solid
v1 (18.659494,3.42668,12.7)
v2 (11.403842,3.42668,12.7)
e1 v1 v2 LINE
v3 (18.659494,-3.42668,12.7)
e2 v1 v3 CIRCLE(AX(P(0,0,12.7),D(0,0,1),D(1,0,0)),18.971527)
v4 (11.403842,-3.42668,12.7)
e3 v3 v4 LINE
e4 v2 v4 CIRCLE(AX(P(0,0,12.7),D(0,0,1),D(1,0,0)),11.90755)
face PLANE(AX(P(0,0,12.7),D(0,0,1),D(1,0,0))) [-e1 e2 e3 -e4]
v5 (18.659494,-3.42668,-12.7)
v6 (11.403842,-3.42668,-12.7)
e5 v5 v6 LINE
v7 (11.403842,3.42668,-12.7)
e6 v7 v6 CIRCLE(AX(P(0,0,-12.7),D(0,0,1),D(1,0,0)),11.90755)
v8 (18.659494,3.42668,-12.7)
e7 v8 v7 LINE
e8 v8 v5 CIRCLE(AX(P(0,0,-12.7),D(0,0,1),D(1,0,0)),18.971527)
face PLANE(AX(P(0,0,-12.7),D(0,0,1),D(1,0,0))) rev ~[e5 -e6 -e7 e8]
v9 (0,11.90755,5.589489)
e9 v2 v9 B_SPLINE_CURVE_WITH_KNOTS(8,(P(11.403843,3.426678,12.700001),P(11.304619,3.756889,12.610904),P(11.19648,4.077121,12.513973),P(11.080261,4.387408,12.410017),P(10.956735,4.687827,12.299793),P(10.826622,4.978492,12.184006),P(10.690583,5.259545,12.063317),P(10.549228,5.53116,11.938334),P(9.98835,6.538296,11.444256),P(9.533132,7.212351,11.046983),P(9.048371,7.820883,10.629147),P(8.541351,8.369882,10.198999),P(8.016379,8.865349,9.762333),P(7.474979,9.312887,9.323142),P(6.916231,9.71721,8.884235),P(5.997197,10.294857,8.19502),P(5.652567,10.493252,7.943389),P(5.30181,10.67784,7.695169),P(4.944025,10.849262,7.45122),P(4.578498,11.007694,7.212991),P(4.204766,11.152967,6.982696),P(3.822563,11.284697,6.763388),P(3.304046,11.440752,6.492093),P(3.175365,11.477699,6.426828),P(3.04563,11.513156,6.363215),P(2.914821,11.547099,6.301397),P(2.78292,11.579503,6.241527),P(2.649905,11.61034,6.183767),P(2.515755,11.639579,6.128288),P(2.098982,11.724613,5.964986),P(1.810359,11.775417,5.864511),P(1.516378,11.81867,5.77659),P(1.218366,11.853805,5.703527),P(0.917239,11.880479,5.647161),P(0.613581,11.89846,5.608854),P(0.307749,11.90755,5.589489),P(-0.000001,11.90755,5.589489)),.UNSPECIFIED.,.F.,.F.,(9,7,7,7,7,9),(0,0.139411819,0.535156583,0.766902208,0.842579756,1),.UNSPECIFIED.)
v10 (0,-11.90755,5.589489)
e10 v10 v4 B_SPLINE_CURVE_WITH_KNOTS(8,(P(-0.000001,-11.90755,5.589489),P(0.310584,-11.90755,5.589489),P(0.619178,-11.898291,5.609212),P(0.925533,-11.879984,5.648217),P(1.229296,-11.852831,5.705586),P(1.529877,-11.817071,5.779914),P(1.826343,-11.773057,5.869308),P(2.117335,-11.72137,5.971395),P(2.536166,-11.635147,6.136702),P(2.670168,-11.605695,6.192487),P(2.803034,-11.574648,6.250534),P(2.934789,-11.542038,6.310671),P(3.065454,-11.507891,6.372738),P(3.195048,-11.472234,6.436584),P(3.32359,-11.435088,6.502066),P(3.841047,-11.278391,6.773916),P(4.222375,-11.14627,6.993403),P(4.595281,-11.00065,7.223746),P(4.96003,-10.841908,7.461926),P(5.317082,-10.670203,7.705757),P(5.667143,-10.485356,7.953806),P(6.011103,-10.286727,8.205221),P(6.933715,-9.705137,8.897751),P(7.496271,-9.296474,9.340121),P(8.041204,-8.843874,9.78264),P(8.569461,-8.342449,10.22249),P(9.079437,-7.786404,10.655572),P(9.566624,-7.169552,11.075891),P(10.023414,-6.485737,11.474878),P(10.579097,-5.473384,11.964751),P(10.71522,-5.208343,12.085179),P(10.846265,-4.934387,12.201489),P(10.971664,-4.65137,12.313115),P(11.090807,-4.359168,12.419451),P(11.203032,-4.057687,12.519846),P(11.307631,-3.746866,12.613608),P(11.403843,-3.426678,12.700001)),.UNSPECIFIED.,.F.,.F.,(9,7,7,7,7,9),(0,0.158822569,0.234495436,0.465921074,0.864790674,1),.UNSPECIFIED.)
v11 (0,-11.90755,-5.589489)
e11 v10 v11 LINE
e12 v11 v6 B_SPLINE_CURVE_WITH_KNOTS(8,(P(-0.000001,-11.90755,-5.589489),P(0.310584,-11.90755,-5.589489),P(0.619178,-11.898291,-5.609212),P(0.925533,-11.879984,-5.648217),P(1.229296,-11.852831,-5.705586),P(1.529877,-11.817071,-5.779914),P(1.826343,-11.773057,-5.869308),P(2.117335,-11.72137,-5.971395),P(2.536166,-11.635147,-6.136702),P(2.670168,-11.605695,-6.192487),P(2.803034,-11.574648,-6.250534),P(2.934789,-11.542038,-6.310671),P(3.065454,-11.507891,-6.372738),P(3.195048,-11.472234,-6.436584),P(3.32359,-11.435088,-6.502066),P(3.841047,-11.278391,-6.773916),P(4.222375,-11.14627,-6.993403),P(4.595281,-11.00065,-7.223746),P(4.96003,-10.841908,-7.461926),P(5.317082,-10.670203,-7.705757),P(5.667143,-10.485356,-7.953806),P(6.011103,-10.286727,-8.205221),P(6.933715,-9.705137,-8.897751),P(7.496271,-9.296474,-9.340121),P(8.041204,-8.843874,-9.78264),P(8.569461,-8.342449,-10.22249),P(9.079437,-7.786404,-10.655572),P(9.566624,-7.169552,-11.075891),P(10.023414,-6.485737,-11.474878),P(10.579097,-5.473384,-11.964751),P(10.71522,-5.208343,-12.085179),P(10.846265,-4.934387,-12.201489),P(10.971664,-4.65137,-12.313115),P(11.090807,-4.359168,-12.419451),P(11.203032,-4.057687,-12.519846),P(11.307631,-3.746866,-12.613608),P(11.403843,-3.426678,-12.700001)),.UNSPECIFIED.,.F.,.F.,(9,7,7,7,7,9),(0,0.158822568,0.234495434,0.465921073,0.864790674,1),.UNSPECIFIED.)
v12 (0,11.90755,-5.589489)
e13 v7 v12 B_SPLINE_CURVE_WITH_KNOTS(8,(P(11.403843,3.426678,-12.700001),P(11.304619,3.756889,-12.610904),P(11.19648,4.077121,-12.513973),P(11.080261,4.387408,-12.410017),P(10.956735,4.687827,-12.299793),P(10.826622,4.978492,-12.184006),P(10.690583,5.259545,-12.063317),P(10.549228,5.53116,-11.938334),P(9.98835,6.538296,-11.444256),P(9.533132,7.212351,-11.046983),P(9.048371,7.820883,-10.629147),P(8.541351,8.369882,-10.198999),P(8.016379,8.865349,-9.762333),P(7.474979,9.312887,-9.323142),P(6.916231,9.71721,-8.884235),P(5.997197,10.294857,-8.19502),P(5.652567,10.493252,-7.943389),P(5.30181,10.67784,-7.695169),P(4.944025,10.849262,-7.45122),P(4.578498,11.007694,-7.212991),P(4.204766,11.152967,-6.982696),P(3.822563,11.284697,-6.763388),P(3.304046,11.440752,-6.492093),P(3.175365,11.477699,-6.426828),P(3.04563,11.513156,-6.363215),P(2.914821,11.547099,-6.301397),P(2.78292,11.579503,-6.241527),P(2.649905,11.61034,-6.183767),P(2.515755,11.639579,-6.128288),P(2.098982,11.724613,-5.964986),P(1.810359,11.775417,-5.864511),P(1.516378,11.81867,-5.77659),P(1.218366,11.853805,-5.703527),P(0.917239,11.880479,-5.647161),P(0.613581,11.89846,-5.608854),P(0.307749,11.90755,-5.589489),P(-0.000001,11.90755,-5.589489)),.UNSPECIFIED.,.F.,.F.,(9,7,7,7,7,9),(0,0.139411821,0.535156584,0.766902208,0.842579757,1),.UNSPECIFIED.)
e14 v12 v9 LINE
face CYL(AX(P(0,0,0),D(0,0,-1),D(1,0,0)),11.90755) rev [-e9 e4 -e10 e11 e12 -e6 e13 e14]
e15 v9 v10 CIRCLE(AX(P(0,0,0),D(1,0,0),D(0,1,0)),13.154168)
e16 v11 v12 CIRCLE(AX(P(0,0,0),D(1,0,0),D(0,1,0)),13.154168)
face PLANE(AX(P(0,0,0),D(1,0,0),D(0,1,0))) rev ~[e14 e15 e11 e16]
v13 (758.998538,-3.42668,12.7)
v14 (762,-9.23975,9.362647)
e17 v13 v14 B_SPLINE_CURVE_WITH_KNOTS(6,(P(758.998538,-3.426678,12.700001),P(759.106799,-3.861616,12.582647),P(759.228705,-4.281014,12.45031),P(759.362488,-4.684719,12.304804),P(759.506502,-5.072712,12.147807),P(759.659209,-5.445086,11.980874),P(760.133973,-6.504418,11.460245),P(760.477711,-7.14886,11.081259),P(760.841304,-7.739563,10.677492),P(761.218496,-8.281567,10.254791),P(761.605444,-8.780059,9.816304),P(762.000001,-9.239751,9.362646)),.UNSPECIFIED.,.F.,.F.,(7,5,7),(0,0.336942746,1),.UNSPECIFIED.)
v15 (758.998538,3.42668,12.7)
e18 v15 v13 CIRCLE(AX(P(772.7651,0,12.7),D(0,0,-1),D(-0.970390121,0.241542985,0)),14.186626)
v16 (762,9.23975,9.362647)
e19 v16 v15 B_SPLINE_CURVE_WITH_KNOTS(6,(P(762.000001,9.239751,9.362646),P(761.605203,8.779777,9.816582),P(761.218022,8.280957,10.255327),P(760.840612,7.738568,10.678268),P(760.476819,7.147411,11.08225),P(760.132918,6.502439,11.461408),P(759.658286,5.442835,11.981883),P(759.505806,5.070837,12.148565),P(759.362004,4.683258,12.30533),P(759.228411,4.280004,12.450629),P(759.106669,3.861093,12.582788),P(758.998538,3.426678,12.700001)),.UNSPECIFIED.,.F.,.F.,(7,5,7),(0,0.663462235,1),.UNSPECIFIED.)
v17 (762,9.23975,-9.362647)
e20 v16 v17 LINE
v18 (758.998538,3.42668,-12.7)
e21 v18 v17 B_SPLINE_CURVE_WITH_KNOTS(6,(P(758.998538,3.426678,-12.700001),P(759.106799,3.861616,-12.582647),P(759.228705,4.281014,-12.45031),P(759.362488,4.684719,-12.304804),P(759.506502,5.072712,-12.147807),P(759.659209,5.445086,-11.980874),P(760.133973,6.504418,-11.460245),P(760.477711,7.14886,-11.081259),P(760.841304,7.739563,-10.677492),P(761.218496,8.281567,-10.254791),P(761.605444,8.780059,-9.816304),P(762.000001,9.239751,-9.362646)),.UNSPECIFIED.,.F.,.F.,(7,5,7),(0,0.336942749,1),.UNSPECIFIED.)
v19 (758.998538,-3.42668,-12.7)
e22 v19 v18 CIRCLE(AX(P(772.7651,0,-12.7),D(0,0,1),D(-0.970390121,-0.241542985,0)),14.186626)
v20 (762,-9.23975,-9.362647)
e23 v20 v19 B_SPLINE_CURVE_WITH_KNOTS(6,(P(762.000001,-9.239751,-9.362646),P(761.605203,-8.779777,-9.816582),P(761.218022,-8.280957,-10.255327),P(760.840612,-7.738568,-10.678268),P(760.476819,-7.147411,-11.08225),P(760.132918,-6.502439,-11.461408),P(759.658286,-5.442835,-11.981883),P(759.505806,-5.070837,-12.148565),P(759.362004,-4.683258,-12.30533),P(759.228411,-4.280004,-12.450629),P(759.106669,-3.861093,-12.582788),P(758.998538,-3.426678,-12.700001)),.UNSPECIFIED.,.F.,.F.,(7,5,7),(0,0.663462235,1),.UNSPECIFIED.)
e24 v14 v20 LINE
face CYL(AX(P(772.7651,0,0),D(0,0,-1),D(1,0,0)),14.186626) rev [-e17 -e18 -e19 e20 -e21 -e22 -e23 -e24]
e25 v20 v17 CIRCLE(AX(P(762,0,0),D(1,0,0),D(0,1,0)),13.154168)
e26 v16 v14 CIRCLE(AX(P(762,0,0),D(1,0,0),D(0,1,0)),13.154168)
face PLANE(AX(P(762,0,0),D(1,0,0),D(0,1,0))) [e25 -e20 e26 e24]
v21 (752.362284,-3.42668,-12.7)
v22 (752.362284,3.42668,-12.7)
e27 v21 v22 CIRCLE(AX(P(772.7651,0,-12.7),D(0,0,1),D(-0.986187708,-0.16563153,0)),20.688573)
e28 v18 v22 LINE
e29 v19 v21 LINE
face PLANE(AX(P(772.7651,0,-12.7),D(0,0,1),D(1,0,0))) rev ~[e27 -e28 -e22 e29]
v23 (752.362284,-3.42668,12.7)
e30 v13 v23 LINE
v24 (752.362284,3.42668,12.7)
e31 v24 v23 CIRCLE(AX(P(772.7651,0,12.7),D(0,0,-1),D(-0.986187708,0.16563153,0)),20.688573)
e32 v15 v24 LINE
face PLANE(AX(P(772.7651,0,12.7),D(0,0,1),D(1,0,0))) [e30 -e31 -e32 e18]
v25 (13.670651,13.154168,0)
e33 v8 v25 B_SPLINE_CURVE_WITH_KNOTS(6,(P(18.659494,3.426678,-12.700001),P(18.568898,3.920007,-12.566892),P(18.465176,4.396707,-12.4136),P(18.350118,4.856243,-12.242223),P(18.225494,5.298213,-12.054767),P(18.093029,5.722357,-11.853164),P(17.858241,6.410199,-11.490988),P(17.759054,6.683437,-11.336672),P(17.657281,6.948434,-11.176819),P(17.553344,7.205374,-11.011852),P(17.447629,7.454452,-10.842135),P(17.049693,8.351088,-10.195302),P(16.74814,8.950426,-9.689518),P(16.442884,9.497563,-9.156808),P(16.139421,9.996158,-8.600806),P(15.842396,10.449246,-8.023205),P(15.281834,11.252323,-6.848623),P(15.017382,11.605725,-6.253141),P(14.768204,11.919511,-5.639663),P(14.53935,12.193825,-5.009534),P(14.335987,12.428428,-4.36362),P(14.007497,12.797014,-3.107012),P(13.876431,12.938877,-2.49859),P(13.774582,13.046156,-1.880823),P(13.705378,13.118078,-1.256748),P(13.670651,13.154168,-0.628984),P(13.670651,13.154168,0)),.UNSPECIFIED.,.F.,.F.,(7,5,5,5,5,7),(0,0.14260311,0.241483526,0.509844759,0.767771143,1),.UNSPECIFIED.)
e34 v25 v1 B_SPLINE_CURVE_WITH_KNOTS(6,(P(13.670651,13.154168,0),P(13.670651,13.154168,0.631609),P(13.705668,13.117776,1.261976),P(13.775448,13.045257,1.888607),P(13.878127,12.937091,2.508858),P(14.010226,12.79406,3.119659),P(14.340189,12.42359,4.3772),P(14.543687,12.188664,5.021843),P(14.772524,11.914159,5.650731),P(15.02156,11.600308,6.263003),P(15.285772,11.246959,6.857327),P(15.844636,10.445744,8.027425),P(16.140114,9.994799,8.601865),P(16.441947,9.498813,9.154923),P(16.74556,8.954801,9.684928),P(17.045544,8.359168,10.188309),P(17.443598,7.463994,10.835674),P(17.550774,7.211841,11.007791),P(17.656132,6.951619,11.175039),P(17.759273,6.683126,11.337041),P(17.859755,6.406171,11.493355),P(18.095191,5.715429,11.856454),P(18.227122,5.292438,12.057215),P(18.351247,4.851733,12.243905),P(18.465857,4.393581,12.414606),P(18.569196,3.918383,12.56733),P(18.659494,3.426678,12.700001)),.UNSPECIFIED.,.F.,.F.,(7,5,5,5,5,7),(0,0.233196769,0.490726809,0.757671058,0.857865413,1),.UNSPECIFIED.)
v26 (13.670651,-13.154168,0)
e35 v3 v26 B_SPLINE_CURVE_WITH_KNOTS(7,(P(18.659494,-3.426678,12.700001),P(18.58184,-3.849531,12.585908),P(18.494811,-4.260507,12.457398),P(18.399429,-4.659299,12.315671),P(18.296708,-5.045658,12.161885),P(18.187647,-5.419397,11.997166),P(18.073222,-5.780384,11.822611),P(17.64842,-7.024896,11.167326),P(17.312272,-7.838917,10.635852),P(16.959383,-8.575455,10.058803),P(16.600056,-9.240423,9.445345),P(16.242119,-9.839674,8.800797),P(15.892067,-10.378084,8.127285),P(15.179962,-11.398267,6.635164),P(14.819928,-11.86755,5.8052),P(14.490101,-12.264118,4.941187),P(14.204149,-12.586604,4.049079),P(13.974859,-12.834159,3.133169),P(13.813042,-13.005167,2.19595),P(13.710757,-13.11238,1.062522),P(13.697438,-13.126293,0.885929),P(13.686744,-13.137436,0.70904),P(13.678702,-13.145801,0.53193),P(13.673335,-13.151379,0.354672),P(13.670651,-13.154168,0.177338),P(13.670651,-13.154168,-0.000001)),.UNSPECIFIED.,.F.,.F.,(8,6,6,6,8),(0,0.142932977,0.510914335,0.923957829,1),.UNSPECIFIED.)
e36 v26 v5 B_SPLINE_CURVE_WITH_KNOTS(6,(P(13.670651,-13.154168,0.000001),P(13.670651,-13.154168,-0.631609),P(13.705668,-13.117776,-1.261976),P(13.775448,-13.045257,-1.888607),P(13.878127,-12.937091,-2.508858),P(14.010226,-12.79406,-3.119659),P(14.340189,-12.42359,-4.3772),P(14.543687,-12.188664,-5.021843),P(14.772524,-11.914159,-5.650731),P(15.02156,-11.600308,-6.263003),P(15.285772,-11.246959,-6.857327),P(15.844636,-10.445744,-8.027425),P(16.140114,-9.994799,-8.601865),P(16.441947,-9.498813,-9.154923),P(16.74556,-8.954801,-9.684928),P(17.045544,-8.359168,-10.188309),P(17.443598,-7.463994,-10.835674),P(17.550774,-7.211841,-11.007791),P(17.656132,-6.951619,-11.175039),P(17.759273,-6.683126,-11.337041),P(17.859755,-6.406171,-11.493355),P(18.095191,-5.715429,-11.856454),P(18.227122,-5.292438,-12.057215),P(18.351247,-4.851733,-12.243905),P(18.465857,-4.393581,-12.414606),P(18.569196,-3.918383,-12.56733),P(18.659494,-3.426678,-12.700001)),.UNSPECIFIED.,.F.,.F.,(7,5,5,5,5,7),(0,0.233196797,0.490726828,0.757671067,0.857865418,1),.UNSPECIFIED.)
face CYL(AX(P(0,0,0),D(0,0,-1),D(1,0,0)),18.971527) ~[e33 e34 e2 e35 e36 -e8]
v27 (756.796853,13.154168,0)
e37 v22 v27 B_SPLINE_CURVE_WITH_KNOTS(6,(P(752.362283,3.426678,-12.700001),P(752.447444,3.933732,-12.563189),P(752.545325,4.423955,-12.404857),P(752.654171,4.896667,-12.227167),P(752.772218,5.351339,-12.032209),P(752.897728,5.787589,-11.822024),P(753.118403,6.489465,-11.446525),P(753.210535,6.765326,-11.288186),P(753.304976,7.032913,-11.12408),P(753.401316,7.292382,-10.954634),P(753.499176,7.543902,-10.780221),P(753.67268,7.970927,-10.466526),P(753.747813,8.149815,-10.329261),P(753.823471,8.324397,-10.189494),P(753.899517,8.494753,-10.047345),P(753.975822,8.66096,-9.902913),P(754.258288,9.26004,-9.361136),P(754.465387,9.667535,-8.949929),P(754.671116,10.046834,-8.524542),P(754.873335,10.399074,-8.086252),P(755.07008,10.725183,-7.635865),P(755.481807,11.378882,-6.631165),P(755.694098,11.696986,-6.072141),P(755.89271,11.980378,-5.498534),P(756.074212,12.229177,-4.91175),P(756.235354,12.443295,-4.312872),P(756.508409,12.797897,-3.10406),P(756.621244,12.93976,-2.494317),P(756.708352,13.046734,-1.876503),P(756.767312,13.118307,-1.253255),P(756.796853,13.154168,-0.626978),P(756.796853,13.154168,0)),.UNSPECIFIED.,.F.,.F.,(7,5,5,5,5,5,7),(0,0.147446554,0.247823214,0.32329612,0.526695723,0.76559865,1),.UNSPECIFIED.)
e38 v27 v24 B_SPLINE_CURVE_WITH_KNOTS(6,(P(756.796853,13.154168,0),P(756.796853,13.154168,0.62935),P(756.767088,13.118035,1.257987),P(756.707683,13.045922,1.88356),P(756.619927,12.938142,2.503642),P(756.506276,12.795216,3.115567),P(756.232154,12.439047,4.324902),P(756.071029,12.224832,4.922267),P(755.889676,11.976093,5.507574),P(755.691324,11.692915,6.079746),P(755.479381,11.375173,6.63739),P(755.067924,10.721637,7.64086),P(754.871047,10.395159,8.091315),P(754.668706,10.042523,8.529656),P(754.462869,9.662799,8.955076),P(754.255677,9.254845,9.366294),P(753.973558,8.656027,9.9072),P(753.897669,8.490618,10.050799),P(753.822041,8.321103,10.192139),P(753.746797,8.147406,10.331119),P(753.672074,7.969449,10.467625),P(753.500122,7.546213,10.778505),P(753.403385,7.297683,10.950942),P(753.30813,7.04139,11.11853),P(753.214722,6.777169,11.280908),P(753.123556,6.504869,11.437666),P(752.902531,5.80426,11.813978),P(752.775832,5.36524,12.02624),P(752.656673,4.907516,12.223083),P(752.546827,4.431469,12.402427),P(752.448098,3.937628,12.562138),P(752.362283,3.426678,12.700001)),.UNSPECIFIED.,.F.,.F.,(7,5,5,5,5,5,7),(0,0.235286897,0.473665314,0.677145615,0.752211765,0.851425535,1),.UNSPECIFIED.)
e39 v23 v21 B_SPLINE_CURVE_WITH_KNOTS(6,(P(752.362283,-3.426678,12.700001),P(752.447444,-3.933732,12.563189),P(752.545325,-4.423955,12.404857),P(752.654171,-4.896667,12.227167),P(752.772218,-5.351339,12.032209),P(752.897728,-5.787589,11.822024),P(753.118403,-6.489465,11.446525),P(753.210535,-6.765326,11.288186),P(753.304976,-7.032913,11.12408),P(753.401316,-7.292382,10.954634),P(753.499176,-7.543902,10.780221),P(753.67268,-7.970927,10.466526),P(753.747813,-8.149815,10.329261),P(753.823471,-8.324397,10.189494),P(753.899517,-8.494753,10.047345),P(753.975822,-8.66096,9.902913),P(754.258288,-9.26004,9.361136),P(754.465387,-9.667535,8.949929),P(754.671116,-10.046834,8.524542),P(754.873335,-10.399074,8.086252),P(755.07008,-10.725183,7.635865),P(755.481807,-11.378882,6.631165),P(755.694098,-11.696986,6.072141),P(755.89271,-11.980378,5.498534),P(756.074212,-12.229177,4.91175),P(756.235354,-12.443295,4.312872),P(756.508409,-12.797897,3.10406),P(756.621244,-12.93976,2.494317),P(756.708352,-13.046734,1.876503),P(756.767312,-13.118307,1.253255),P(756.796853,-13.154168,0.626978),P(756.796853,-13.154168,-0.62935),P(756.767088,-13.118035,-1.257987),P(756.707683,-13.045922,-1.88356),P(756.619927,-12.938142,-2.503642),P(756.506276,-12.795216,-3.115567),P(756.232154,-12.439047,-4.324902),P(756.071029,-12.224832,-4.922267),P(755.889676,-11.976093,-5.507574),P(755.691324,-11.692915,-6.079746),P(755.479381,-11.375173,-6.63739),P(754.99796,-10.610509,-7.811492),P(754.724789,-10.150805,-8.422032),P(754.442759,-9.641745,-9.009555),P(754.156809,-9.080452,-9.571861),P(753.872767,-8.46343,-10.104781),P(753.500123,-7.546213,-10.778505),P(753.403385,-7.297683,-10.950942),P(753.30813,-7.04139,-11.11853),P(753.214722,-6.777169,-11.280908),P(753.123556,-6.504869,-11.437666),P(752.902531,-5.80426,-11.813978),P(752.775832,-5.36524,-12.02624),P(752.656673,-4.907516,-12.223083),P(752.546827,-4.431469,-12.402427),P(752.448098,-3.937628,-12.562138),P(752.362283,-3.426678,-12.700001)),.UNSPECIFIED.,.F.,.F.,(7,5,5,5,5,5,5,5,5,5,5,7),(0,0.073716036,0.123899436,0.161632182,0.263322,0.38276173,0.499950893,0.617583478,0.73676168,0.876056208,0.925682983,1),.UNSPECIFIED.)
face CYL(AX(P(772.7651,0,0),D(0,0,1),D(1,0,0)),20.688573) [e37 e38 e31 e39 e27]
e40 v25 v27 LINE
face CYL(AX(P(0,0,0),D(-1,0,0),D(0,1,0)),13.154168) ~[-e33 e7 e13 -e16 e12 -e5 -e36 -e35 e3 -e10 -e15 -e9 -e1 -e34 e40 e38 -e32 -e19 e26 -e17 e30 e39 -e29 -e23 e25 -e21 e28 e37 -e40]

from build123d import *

# Parameters (mm, degrees)
F0_R     = 13.154168
F1_DEPTH = 762
F2_R     = 18.971527
F2_R_2   = 11.90755
F2_R_3   = 20.688573
F2_R_4   = 14.186626
F3_DEPTH = 12.7


with BuildPart() as f1:
    # F0 (on Right) → F1 (new body)
    with BuildSketch(Plane.YZ):
        Circle(F0_R)
    extrude(amount=F1_DEPTH)

    # F2 (on Top) → F3 (join, symmetric)
    with BuildSketch(Plane.XY):
        Circle(F2_R)
        Circle(F2_R_2, mode=Mode.SUBTRACT)
        with Locations((772.7651, 0)):
            Circle(F2_R_3)
        with Locations((772.7651, 0)):
            Circle(F2_R_4, mode=Mode.SUBTRACT)
    extrude(amount=F3_DEPTH, both=True)


solid = f1.part
